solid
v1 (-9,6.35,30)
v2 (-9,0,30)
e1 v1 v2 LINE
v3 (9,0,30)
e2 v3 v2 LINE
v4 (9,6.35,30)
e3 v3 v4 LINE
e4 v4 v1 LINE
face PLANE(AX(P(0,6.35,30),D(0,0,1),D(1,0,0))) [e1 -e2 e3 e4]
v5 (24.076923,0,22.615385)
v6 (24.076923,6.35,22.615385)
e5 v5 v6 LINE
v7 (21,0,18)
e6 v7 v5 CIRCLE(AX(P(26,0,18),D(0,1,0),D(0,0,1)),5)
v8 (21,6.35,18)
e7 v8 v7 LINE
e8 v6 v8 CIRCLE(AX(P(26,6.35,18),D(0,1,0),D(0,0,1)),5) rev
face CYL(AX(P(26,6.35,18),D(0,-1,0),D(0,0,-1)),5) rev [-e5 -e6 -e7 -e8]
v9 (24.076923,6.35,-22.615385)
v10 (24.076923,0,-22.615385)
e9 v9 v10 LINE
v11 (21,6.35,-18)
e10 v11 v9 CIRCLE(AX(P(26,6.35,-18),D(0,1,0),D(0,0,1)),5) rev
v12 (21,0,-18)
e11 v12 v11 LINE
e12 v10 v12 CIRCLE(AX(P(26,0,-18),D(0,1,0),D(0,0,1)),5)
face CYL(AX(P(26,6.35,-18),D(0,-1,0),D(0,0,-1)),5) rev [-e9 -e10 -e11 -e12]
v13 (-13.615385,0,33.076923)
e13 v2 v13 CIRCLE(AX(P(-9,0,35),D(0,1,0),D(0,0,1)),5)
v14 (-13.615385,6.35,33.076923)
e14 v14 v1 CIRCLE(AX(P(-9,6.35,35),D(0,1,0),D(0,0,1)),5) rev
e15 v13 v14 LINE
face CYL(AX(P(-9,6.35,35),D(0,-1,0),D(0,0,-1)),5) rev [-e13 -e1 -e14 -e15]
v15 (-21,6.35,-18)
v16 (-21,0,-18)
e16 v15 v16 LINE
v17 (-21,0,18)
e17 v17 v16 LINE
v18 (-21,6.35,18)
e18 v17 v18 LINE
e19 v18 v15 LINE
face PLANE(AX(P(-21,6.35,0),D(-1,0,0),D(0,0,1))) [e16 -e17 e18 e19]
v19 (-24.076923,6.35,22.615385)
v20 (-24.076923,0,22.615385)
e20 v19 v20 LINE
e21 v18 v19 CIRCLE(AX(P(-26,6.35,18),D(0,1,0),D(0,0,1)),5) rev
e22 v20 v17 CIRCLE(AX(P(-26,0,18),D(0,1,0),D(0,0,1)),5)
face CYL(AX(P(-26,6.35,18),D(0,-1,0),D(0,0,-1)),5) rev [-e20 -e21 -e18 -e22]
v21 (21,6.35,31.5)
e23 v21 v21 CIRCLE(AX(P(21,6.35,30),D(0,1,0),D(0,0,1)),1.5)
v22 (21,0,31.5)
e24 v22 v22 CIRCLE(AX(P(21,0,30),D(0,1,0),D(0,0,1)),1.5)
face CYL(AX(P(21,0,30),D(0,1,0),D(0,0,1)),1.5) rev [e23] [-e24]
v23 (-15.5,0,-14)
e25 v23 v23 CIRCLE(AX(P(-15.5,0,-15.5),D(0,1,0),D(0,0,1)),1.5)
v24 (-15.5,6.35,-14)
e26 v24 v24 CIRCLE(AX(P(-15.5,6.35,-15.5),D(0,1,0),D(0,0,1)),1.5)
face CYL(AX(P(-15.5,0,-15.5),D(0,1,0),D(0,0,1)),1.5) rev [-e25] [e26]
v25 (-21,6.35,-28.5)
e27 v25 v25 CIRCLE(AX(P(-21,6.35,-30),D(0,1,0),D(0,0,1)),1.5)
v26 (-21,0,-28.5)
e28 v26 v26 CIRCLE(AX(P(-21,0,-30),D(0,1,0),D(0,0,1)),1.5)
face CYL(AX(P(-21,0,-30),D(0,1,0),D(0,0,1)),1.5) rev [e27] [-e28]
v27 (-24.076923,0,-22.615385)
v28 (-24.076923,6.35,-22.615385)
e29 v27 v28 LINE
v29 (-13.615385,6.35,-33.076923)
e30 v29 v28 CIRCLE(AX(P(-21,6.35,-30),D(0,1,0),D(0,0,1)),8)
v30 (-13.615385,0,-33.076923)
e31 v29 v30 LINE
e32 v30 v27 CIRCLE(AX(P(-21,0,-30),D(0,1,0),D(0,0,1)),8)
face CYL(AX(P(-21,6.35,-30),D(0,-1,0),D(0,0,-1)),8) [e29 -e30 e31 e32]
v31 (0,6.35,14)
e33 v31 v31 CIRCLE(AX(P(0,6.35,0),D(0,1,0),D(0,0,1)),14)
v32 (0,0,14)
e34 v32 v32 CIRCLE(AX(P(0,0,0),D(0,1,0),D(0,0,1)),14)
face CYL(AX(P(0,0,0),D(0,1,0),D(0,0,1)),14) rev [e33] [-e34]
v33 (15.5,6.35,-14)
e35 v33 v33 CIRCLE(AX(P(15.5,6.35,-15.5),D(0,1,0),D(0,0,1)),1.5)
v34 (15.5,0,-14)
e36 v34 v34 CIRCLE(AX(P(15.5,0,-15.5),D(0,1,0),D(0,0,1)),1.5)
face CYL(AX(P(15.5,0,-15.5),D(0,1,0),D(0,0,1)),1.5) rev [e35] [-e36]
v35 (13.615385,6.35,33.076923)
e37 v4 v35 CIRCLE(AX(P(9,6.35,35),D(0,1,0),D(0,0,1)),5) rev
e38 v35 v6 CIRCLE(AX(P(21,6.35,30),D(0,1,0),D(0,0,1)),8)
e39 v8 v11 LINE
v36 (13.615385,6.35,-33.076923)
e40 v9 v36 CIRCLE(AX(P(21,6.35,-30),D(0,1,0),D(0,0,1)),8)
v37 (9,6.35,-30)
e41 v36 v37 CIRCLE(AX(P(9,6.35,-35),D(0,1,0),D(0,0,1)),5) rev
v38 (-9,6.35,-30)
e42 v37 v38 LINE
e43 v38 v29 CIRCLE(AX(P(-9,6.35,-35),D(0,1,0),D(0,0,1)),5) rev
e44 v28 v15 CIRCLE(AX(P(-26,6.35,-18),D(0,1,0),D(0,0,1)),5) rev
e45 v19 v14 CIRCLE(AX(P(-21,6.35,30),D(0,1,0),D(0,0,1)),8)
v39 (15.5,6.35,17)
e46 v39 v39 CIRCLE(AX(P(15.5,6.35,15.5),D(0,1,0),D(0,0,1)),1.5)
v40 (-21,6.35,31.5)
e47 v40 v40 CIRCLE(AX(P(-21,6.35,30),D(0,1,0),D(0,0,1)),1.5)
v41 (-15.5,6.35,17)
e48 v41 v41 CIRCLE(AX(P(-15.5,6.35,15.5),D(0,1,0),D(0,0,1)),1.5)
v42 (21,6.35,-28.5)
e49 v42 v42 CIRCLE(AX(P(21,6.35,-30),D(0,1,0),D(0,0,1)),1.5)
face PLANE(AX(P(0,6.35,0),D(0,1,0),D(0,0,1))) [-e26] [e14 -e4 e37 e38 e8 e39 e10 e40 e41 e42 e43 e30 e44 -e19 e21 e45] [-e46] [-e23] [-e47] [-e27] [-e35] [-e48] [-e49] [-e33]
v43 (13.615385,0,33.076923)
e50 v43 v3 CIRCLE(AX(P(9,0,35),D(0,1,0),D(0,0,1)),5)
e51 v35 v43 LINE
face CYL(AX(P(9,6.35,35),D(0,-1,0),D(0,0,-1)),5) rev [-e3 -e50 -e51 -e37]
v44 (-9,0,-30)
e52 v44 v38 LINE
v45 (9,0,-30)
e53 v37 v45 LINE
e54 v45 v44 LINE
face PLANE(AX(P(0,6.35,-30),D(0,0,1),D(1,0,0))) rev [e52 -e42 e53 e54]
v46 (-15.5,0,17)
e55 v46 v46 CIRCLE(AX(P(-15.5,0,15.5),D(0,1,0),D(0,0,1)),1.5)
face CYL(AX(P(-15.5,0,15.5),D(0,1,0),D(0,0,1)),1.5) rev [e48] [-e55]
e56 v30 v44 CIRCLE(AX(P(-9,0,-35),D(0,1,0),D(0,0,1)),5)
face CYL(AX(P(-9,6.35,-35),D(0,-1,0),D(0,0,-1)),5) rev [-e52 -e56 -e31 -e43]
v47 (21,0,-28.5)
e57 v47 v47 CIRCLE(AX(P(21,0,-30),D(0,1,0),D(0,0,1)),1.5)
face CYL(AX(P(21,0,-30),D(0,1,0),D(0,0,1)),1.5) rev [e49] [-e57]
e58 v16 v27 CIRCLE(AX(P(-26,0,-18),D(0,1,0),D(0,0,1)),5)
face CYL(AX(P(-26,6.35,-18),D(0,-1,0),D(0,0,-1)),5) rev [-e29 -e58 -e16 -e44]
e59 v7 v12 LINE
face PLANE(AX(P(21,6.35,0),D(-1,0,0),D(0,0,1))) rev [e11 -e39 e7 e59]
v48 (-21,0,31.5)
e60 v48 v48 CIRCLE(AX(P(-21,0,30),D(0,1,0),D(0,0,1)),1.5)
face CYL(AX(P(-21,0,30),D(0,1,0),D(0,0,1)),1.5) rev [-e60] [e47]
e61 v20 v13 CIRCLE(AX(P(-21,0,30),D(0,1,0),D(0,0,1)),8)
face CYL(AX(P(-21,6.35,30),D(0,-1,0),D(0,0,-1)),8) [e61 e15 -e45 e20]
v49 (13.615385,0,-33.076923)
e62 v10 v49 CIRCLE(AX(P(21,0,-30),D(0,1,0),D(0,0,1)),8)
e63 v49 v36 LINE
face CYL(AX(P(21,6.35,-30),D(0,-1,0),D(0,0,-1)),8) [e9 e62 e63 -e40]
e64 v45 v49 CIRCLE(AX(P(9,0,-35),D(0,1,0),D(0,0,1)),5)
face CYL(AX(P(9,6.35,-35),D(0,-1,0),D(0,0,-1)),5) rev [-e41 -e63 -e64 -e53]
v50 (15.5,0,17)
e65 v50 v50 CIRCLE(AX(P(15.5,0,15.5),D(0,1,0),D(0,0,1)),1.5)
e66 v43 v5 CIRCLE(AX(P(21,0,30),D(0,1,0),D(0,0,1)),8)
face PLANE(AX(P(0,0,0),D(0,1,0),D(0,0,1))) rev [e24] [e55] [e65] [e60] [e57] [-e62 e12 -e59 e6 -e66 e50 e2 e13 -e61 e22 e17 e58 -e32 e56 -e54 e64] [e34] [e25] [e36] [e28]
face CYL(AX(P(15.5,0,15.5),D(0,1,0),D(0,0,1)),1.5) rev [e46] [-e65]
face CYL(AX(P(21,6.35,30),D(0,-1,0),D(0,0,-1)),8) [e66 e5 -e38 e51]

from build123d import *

# Parameters (mm, degrees)
SKETCH1_R           = 8
SKETCH1_W           = 42
SKETCH1_H           = 60
BOSS_EXTRUDE1_DEPTH = 6.35
SKETCH2_R           = 1.5
SKETCH2_R_2         = 14
CUT_EXTRUDE1_DEPTH  = 49.221597858
SKETCH3_R           = 1.5
CUT_EXTRUDE2_DEPTH  = 49.221597858
FILLET1_R           = 5


with BuildPart() as part:
    # Sketch1 → Boss-Extrude1 (new body)
    with BuildSketch(Plane(origin=(0, 0, 0), x_dir=(1, 0, 0), z_dir=(0, 1, 0))):
        with BuildLine():
            ThreePointArc((-21, -22), (-26.656854249, -35.656854249), (-13, -30))
            Line((-13, -30), (-21, -30))
            Line((-21, -30), (-21, -22))
        make_face()
        with BuildLine():
            Line((-21, -30), (-13, -30))
            ThreePointArc((-13, -30), (-15.343145751, -24.343145751), (-21, -22))
            Line((-21, -22), (-21, -30))
        make_face()
        with BuildLine():
            ThreePointArc((21, -22), (15.343145751, -24.343145751), (13, -30))
            Line((13, -30), (21, -30))
            Line((21, -30), (21, -22))
        make_face()
        with BuildLine():
            Line((21, -30), (13, -30))
            ThreePointArc((13, -30), (21, -38), (29, -30))
            ThreePointArc((29, -30), (26.656854249, -24.343145751), (21, -22))
            Line((21, -22), (21, -30))
        make_face()
        with Locations((21, -30)):
            Circle(SKETCH1_R)
        with Locations((21, 30)):
            Circle(SKETCH1_R)
        with Locations((-21, 30)):
            Circle(SKETCH1_R)
        with Locations((-21, -30)):
            Circle(SKETCH1_R)
        Rectangle(SKETCH1_W, SKETCH1_H)
        with BuildLine():
            ThreePointArc((13, 30), (15.343145751, 24.343145751), (21, 22))
            Line((21, 22), (21, 30))
            Line((21, 30), (13, 30))
        make_face()
        with BuildLine():
            Line((21, 30), (21, 22))
            ThreePointArc((21, 22), (26.656854249, 24.343145751), (29, 30))
            ThreePointArc((29, 30), (21, 38), (13, 30))
            Line((13, 30), (21, 30))
        make_face()
        with BuildLine():
            ThreePointArc((-13, 30), (-26.656854249, 35.656854249), (-21, 22))
            Line((-21, 22), (-21, 30))
            Line((-21, 30), (-13, 30))
        make_face()
        with BuildLine():
            Line((-21, 30), (-21, 22))
            ThreePointArc((-21, 22), (-15.343145751, 24.343145751), (-13, 30))
            Line((-13, 30), (-21, 30))
        make_face()
    extrude(amount=BOSS_EXTRUDE1_DEPTH)

    # Sketch2 → Cut-Extrude1 (cut, through all)
    with BuildSketch(Plane(origin=(0, 6.35, 0), x_dir=(1, 0, 0), z_dir=(0, 1, 0))):
        with Locations(Location((-15.5, -15.5, 0), (0, 0, 270))):
            Circle(SKETCH2_R)
        with Locations(Location((15.5, -15.5, 0), (0, 0, 270))):
            Circle(SKETCH2_R)
        with Locations(Location((15.5, 15.5, 0), (0, 0, 270))):
            Circle(SKETCH2_R)
        with Locations(Location((-15.5, 15.5, 0), (0, 0, 270))):
            Circle(SKETCH2_R)
        with Locations(Location((0, 0, 0), (0, 0, 270))):
            Circle(SKETCH2_R_2)
    extrude(amount=-CUT_EXTRUDE1_DEPTH, mode=Mode.SUBTRACT)

    # Sketch3 → Cut-Extrude2 (cut, through all)
    with BuildSketch(Plane(origin=(0, 6.35, 0), x_dir=(1, 0, 0), z_dir=(0, 1, 0))):
        with Locations(Location((-21, 30, 0), (0, 0, 270))):
            Circle(SKETCH3_R)
        with Locations(Location((21, 30, 0), (0, 0, 270))):
            Circle(SKETCH3_R)
        with Locations(Location((21, -30, 0), (0, 0, 270))):
            Circle(SKETCH3_R)
        with Locations(Location((-21, -30, 0), (0, 0, 270))):
            Circle(SKETCH3_R)
    extrude(amount=-CUT_EXTRUDE2_DEPTH, mode=Mode.SUBTRACT)

    # Fillet1
    fillet1_edges = [part.edges().sort_by_distance(p)[0] for p in [
        (13, 3.175, 30),
        (-13, 3.175, 30),
        (-21, 3.175, 22),
        (-21, 3.175, -22),
        (-13, 3.175, -30),
        (13, 3.175, -30),
        (21, 3.175, -22),
        (21, 3.175, 22),
    ]]
    fillet(fillet1_edges, radius=FILLET1_R)


solid = part.part
